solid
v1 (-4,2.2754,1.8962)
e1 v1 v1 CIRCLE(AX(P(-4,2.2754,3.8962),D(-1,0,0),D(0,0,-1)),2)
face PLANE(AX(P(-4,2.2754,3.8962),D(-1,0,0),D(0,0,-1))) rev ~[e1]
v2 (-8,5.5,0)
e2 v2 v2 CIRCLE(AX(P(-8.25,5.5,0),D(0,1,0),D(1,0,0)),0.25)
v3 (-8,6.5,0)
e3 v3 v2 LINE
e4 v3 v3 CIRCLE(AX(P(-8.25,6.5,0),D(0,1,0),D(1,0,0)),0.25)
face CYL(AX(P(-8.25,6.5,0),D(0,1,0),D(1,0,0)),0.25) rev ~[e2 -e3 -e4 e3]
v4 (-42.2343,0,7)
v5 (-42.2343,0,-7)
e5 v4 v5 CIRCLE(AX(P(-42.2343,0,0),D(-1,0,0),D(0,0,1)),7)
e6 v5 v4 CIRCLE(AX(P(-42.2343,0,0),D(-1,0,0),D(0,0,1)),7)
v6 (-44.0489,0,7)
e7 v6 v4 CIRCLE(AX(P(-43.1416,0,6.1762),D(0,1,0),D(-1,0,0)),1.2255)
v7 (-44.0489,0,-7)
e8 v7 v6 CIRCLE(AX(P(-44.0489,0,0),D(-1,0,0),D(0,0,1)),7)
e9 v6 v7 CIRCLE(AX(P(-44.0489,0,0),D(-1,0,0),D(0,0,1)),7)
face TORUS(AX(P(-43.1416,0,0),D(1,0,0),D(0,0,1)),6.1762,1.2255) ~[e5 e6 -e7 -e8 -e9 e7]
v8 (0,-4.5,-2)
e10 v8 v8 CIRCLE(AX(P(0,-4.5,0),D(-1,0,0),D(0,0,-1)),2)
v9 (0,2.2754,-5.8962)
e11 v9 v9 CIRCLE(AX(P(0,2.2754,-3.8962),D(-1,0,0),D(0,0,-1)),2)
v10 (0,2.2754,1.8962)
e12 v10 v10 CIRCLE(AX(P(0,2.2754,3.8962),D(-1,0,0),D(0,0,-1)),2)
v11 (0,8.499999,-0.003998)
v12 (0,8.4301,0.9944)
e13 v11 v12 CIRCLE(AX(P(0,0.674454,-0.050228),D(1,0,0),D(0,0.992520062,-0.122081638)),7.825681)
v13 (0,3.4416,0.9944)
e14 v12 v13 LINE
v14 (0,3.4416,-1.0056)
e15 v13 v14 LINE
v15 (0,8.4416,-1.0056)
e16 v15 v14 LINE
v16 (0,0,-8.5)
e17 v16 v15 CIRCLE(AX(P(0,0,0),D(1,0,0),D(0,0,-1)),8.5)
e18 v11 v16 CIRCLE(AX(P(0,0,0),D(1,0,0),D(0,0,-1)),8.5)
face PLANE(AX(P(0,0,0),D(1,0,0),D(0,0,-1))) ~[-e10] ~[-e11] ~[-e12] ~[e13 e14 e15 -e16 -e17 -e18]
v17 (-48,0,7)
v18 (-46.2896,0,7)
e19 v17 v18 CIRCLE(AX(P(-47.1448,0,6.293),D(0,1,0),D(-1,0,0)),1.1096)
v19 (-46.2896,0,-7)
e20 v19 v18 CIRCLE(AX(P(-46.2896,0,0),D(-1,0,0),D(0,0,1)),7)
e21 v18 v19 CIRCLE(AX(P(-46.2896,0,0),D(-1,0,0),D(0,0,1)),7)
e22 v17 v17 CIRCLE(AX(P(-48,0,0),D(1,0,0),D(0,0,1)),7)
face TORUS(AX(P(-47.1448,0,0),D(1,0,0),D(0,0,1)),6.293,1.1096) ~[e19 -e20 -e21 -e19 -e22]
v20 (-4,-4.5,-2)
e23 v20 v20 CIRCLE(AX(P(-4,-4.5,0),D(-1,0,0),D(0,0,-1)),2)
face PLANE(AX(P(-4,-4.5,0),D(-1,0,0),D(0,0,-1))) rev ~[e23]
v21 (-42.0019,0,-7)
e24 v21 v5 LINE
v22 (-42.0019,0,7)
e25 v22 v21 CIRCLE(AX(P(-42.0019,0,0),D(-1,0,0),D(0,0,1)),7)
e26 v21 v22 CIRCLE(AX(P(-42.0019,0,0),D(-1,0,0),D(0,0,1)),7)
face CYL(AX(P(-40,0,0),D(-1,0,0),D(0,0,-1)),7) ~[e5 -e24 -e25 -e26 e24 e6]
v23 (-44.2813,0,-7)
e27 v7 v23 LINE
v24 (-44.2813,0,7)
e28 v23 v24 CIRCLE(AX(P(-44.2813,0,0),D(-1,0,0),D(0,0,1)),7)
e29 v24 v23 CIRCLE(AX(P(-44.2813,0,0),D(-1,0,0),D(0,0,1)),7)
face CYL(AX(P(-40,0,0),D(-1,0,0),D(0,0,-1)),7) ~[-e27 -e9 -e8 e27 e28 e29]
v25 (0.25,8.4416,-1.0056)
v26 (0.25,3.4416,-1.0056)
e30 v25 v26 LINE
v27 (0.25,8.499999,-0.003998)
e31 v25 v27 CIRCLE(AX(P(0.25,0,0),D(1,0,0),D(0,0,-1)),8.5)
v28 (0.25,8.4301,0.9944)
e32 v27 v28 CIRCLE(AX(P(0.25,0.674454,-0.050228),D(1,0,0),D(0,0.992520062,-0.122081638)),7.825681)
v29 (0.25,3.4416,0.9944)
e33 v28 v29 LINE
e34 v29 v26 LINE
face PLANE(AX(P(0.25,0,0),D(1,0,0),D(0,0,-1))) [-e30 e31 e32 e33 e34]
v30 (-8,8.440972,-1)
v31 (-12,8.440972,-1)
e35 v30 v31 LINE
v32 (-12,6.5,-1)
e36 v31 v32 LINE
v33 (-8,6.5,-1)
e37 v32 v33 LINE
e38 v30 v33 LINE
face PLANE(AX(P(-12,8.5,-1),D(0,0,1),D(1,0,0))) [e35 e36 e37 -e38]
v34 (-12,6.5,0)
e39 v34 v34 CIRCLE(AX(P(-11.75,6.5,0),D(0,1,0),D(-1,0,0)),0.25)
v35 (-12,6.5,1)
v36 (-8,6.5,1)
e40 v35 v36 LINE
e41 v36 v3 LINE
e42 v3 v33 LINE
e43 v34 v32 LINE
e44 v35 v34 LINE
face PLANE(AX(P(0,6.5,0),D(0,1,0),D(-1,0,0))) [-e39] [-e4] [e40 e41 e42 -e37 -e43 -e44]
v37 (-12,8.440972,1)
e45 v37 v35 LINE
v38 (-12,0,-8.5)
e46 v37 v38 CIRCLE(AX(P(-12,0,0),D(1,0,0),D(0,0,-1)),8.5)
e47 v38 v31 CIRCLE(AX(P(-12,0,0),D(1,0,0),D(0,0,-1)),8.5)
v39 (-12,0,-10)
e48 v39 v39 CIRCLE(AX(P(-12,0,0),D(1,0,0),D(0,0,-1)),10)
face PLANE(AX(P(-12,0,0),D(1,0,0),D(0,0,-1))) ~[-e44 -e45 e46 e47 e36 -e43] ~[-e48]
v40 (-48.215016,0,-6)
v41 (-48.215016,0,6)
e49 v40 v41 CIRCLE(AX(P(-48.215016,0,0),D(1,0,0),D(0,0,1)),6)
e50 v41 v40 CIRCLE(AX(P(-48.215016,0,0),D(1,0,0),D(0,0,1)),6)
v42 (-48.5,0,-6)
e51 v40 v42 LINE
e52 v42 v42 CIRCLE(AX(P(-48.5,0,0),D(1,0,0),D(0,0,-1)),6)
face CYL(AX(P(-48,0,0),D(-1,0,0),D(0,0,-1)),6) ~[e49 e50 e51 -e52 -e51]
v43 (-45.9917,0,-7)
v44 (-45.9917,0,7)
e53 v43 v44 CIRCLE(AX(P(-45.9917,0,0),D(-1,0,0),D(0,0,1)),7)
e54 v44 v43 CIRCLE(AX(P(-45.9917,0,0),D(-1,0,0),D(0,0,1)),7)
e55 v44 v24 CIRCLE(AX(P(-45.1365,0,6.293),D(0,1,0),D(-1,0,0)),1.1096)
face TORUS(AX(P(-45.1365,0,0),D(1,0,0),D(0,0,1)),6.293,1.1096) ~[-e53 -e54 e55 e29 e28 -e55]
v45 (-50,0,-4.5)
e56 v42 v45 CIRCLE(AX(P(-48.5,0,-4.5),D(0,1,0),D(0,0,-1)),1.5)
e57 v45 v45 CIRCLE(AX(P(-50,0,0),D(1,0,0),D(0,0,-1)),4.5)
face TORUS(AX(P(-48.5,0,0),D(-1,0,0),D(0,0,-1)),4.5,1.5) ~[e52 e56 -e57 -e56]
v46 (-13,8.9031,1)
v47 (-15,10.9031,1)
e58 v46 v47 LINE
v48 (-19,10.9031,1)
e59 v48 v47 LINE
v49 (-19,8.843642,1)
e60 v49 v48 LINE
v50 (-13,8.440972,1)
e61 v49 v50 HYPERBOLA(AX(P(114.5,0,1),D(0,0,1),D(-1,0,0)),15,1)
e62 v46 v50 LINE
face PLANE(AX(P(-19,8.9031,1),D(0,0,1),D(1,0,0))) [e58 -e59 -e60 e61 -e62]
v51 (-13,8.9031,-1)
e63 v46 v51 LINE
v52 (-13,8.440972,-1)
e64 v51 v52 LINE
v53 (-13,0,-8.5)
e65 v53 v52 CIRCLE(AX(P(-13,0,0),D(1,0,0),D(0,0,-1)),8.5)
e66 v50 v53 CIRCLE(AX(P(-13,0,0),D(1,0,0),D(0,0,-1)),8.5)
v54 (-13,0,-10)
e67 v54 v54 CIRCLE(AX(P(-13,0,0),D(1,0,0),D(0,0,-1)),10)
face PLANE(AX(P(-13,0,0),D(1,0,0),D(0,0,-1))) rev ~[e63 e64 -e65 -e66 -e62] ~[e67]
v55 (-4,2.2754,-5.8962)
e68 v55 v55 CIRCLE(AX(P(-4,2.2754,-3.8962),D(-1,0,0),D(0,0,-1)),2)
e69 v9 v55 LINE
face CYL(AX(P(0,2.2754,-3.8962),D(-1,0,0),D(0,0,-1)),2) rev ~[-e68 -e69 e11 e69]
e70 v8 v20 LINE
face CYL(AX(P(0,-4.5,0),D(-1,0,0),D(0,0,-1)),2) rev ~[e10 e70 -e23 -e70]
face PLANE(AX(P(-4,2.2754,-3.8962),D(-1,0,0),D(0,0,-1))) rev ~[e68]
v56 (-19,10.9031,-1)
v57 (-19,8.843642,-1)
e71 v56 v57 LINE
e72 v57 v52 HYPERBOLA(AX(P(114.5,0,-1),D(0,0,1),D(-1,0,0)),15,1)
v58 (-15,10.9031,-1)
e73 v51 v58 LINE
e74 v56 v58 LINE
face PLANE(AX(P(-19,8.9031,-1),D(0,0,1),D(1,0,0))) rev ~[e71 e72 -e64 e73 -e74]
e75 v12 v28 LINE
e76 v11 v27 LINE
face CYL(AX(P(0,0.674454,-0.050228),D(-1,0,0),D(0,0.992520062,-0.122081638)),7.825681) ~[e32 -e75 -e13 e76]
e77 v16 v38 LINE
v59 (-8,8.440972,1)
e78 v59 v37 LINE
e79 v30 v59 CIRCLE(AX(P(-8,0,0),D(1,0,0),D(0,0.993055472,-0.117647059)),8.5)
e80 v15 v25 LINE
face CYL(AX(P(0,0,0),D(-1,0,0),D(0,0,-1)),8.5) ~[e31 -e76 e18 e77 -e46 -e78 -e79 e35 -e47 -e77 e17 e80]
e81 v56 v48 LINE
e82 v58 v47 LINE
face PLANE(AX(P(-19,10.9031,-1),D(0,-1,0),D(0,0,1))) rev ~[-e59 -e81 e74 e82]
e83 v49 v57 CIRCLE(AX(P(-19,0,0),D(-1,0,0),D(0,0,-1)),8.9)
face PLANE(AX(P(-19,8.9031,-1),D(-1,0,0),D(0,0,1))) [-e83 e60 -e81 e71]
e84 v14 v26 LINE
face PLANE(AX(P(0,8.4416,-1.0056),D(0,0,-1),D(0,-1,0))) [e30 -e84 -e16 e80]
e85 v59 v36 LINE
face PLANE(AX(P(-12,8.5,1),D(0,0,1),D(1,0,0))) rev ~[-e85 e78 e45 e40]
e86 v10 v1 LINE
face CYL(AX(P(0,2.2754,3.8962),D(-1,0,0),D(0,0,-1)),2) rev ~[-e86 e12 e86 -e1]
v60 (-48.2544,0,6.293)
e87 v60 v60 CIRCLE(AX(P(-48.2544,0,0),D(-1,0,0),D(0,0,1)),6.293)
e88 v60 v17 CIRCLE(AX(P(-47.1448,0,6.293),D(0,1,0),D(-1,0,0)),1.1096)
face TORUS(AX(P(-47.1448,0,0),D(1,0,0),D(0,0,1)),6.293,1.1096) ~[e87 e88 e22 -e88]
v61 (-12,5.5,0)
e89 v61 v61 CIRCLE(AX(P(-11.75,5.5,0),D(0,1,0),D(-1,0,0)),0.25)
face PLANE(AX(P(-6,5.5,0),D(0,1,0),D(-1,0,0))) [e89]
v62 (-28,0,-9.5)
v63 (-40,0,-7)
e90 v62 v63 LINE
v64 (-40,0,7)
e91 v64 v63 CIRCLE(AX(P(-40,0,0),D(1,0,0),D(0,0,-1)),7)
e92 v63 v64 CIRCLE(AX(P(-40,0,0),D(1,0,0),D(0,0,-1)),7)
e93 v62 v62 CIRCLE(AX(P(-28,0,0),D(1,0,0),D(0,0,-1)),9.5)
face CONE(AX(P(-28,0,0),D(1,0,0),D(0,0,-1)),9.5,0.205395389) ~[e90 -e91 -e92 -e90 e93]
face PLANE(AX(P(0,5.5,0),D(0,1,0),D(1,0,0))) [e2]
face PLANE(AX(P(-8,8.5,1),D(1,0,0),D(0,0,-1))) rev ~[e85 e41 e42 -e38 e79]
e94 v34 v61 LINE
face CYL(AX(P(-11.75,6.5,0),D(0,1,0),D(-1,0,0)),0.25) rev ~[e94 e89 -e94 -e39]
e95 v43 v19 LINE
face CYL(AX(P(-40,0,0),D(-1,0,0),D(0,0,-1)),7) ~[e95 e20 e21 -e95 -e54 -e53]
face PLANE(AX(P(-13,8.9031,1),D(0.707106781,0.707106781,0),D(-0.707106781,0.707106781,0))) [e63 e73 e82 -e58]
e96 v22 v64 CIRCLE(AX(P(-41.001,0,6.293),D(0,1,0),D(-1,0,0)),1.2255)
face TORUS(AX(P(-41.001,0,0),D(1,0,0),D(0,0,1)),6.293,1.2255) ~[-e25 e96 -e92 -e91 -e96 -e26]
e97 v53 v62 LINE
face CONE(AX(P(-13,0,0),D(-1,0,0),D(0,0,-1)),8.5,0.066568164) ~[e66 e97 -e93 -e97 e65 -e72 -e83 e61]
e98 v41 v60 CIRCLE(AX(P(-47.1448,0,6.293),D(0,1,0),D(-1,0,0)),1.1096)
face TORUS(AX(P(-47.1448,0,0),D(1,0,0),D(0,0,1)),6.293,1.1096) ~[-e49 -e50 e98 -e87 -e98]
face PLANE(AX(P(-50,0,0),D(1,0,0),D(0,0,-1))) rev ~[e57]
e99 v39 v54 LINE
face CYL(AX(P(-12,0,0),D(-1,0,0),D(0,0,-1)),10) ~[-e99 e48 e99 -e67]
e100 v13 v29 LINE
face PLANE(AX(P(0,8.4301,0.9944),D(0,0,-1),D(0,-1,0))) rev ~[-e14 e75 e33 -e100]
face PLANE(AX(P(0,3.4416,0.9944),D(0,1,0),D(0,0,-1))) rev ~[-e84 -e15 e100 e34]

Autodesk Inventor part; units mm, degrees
sketch "Sketch1" plane through (0, 0, 0) normal (0, 1, 0) x (-1, 0, 0)
  line L0 (0, 0) -> (0, -8.5)
  line L1 (0, -8.5) -> (12, -8.5)
  line L2 (12, -8.5) -> (12, -10)
  line L3 (12, -10) -> (13, -10)
  line L4 (13, -10) -> (13, -8.5)
  line L5 (13, -8.5) -> (28, -9.5)
  line L6 (28, -9.5) -> (40, -7)
  line L7 (40, -7) -> (48, -7)
  line L8 (48, -7) -> (48, -6)
  line L9 (48, -6) -> (48.5, -6)
  line L10 (50, -4.5) -> (50, 0)
  line L11 (50, 0) -> (0, 0)
  arc A0 (48.5, -6) -> (50, -4.5) centre (48.5, -4.5) ccw
  point P0 (50, -6)
  dimension "d0" = 50
  dimension "d1" = 8.5
  dimension "d2" = 12
  dimension "d3" = 1.5
  dimension "d4" = 1
  dimension "d5" = 48
  dimension "d6" = 8
  dimension "d7" = 12
  dimension "d8" = 9.5
  dimension "d9" = 7
  dimension "d10" = 6
  dimension "d11" = 1.5
revolve "Revolution1" add sketch "Sketch1" angle 360 about axis through (-50, 0, 0) along (1, 0, 0)
ref_plane "Work Plane1" through (0, 0, 0) normal (1, 0, 0) x (0, 0, -1)
sketch "Sketch2" plane through (0, 0, 0) normal (1, 0, 0) x (0, 0, -1)
  circle A0 centre (0, 0) radius 8.5 projected
  line L0 (1.0056, 8.4416) -> (1.0056, 3.4416)
  line L1 (-0.9944, 8.4416) -> (-0.9944, 3.4416)
  line L2 (-0.9944, 3.4416) -> (1.0056, 3.4416)
  arc A1 (1.0056, 8.4416) -> (-0.9944, 8.4301) centre (0.0504, 0.6774) ccw
  point P0 (1.0056, 8.4403)
  point P1 (0, 8.5)
  dimension "d14" = 5
  dimension "d16" = 5
  dimension "d17" = 2
extrude "Extrusion1" add sketch "Sketch2" along normal blind 0.25 contours L0 L2 L1 A1 A0
ref_plane "Work Plane2" through (0, 3.4416, -1.0056) normal (1, 0, 0) x (0, 0, -1)
sketch "Sketch3" plane through (0, 3.4416, -1.0056) normal (1, 0, 0) x (0, 0, -1)
  circle A0 centre (-1.0056, -3.4416) radius 4.5 projected
  point P0 (-1.0056, -7.9416)
  point P1 (-1.0056, -7.9416)
  point P2 (-1.0056, -7.9416)
  point P3 (2.8906, -1.1663)
  point P4 (-4.9018, -1.1663)
hole "Hole1" at (0, -4.5, 0) at (0, -4.5, 0) at (0, 2.2754, -3.8962) at (0, 2.2754, 3.8962) direction (-1, 0, 0) diameter 4 depth 4
ref_plane "Work Plane3" through (-19, 0, 0) normal (-1, 0, 0) x (0, 0, 1)
sketch "Sketch4" plane through (-19, 0, 0) normal (-1, 0, 0) x (0, 0, 1)
  circle A0 centre (0, 0) radius 8.9031
  line L0 (0, 8.9031) -> (1, 8.9031)
  line L1 (0, 8.9031) -> (-1, 8.9031)
  line L2 (1, 8.9031) -> (-1, 8.9031)
  line L3 (-1, 8.9031) -> (-1, 10.9031)
  line L4 (-1, 10.9031) -> (1, 10.9031)
  line L5 (1, 10.9031) -> (1, 8.9031)
  line L6 (1, 8.9031) -> (-1, 8.9031)
  dimension "d29" = 1
  dimension "d30" = 1
  dimension "d31" = 2
extrude "Extrusion2" add sketch "Sketch4" against normal blind 4 contours L1 L3 L4 L5 L0
sketch "Sketch5" plane through (-19, 8.9031, 1) normal (0, 0, 1) x (1, 0, 0)
  line L0 (4, 2) -> (4, 0) projected
  line L1 (4, 0) -> (6, 0)
  line L2 (6, 0) -> (4, 2)
  point P0 (19, -8.9031)
  dimension "d34" = 2
extrude "Extrusion3" add sketch "Sketch5" against normal up to surface (2 mm away)
sketch "Sketch6" plane through (-19, 8.9031, -1) normal (0, -1, 0) x (1, 0, 0)
  line L0 (0, 0) -> (6, 0) projected
  line L1 (6, 0) -> (0, 0)
  line L2 (0, 0) -> (0, 2)
  line L3 (0, 2) -> (6, 2)
  line L4 (6, 2) -> (6, 0)
  point P0 (19, 1)
extrude "Extrusion4" add sketch "Sketch6" along normal blind 1
ref_plane "Work Plane4" through (0, 8.5, 0) normal (0, 1, 0) x (-1, 0, 0)
sketch "Sketch7" plane through (0, 8.5, 0) normal (0, 1, 0) x (-1, 0, 0)
  line L0 (13, 1) -> (15, 1) projected
  line L1 (19, -1) -> (15, -1) projected
  line L2 (19, -1) -> (3.9639, -1)
  line L3 (19, 1) -> (15, 1) projected
  line L4 (19, 1) -> (4, 1)
  line L5 (4, 2) -> (4, -2) projected
  line L6 (8, 1) -> (8, -1)
  line L7 (12, 8.5) -> (12, -8.5) projected
  line L8 (12, 1) -> (12, -1)
  point P0 (0, 0)
  dimension "d39" = 4
extrude "Extrusion5" cut sketch "Sketch7" against normal blind 2 contours L2 L6 L4 L7
ref_plane "Work Plane6" through (-6, 6.5, 0) normal (0, 1, 0) x (-1, 0, 0)
ref_plane "Work Plane5" through (-6, 8.5, 0) normal (0, 1, 0) x (-1, 0, 0)
sketch "Sketch8" plane through (-6, 6.5, 0) normal (0, 1, 0) x (-1, 0, 0)
  circle A0 centre (5.75, 0) radius 0.25
  line L0 (6, 1) -> (6, -1) projected
  line L1 (2, 1) -> (6, 1) projected
  line L2 (2, -1) -> (2, 1) projected
  line L3 (6, -1) -> (2, -1) projected
  line L4 (6, 1) -> (6, -1) projected
  point P0 (-6, 0)
  dimension "d43" = 0.5
extrude "Extrusion6" cut sketch "Sketch8" against normal blind 1 contours A0
sketch "Sketch9" plane through (0, 6.5, 0) normal (0, 1, 0) x (1, 0, 0)
  circle A0 centre (-8.25, 0) radius 0.25
  line L0 (-8, -1) -> (-8, 1) projected
  point P0 (0, 0)
  dimension "d46" = 0.5
extrude "Extrusion7" cut sketch "Sketch9" against normal blind 1
sketch "Sketch10" plane through (-6, 6.5, 0) normal (0, 1, 0) x (-1, 0, 0)
  point P0 (-6, 0)
sketch "Sketch11" plane through (0, 0, 0) normal (0, 1, 0) x (-1, 0, 0)
  line L0 (40, 7) -> (40, -7) projected
  circle A0 centre (41.001, 6.293) radius 1.2255
  circle A1 centre (43.1416, 6.1762) radius 1.2255
  circle A2 centre (47.1448, 6.293) radius 1.1096
  line L1 (42.0019, 7) -> (42.2343, 7)
  line L2 (48, 7) -> (40, 7) projected
  line L3 (48, 7) -> (40, 7) projected
  line L4 (48, 7) -> (40, 7) projected
  line L5 (45.6731, 7) -> (48, 7)
  line L6 (48, 7) -> (40, 7) projected
  line L7 (48, 7) -> (40, 7) projected
  line L8 (48, 7) -> (40, 7) projected
  line L9 (44.0489, 7) -> (44.522, 7)
  line L10 (48, 7) -> (40, 7) projected
  line L11 (41.001, 6.293) -> (47.1448, 6.293)
  line L12 (48, 7) -> (40, 7) projected
  circle A3 centre (45.1365, 6.293) radius 1.1096
  line L13 (44.0489, 7) -> (44.2813, 7)
  line L14 (48, 7) -> (40, 7) projected
  line L15 (48, 7) -> (40, 7) projected
  line L16 (45.9917, 7) -> (46.2896, 7)
  line L17 (48, 7) -> (40, 7) projected
  line L18 (45.9917, 7) -> (46.2896, 7)
  line L19 (46.2896, 7) -> (46.2896, 7.77)
  line L20 (46.2896, 7.77) -> (45.9917, 7.77)
  line L21 (45.9917, 7.77) -> (45.9917, 7)
  line L22 (42.0019, 7) -> (42.2343, 7)
  line L23 (48, 7) -> (40, 7) projected
  point P0 (0, 0)
  point P1 (45.9917, 7)
ref_plane "Work Plane8" through (-44, 0, 0) normal (0, 1, 0) x (-1, 0, 0)
ref_plane "Work Plane7" through (-44, 7, 0) normal (0, 1, 0) x (-1, 0, 0)
sketch "Sketch12" plane through (-44, 0, 0) normal (0, 1, 0) x (-1, 0, 0)
  line L0 (-44, 0) -> (-44.25, 0) projected
  line L1 (-44.25, 0) -> (10.6438, 0)
revolve "Revolution2" add sketch "Sketch11" angle 360 about axis through (0.25, 0, 0) along (-1, 0, 0) picked at (46.8413, 6.8183) contours A0 L2 | A1 L2 | A3 A2 L2 | A2 L11 A3 | A3 L2 | A2 A3 L11 | L2 A2
properties part number "finalproject2"
